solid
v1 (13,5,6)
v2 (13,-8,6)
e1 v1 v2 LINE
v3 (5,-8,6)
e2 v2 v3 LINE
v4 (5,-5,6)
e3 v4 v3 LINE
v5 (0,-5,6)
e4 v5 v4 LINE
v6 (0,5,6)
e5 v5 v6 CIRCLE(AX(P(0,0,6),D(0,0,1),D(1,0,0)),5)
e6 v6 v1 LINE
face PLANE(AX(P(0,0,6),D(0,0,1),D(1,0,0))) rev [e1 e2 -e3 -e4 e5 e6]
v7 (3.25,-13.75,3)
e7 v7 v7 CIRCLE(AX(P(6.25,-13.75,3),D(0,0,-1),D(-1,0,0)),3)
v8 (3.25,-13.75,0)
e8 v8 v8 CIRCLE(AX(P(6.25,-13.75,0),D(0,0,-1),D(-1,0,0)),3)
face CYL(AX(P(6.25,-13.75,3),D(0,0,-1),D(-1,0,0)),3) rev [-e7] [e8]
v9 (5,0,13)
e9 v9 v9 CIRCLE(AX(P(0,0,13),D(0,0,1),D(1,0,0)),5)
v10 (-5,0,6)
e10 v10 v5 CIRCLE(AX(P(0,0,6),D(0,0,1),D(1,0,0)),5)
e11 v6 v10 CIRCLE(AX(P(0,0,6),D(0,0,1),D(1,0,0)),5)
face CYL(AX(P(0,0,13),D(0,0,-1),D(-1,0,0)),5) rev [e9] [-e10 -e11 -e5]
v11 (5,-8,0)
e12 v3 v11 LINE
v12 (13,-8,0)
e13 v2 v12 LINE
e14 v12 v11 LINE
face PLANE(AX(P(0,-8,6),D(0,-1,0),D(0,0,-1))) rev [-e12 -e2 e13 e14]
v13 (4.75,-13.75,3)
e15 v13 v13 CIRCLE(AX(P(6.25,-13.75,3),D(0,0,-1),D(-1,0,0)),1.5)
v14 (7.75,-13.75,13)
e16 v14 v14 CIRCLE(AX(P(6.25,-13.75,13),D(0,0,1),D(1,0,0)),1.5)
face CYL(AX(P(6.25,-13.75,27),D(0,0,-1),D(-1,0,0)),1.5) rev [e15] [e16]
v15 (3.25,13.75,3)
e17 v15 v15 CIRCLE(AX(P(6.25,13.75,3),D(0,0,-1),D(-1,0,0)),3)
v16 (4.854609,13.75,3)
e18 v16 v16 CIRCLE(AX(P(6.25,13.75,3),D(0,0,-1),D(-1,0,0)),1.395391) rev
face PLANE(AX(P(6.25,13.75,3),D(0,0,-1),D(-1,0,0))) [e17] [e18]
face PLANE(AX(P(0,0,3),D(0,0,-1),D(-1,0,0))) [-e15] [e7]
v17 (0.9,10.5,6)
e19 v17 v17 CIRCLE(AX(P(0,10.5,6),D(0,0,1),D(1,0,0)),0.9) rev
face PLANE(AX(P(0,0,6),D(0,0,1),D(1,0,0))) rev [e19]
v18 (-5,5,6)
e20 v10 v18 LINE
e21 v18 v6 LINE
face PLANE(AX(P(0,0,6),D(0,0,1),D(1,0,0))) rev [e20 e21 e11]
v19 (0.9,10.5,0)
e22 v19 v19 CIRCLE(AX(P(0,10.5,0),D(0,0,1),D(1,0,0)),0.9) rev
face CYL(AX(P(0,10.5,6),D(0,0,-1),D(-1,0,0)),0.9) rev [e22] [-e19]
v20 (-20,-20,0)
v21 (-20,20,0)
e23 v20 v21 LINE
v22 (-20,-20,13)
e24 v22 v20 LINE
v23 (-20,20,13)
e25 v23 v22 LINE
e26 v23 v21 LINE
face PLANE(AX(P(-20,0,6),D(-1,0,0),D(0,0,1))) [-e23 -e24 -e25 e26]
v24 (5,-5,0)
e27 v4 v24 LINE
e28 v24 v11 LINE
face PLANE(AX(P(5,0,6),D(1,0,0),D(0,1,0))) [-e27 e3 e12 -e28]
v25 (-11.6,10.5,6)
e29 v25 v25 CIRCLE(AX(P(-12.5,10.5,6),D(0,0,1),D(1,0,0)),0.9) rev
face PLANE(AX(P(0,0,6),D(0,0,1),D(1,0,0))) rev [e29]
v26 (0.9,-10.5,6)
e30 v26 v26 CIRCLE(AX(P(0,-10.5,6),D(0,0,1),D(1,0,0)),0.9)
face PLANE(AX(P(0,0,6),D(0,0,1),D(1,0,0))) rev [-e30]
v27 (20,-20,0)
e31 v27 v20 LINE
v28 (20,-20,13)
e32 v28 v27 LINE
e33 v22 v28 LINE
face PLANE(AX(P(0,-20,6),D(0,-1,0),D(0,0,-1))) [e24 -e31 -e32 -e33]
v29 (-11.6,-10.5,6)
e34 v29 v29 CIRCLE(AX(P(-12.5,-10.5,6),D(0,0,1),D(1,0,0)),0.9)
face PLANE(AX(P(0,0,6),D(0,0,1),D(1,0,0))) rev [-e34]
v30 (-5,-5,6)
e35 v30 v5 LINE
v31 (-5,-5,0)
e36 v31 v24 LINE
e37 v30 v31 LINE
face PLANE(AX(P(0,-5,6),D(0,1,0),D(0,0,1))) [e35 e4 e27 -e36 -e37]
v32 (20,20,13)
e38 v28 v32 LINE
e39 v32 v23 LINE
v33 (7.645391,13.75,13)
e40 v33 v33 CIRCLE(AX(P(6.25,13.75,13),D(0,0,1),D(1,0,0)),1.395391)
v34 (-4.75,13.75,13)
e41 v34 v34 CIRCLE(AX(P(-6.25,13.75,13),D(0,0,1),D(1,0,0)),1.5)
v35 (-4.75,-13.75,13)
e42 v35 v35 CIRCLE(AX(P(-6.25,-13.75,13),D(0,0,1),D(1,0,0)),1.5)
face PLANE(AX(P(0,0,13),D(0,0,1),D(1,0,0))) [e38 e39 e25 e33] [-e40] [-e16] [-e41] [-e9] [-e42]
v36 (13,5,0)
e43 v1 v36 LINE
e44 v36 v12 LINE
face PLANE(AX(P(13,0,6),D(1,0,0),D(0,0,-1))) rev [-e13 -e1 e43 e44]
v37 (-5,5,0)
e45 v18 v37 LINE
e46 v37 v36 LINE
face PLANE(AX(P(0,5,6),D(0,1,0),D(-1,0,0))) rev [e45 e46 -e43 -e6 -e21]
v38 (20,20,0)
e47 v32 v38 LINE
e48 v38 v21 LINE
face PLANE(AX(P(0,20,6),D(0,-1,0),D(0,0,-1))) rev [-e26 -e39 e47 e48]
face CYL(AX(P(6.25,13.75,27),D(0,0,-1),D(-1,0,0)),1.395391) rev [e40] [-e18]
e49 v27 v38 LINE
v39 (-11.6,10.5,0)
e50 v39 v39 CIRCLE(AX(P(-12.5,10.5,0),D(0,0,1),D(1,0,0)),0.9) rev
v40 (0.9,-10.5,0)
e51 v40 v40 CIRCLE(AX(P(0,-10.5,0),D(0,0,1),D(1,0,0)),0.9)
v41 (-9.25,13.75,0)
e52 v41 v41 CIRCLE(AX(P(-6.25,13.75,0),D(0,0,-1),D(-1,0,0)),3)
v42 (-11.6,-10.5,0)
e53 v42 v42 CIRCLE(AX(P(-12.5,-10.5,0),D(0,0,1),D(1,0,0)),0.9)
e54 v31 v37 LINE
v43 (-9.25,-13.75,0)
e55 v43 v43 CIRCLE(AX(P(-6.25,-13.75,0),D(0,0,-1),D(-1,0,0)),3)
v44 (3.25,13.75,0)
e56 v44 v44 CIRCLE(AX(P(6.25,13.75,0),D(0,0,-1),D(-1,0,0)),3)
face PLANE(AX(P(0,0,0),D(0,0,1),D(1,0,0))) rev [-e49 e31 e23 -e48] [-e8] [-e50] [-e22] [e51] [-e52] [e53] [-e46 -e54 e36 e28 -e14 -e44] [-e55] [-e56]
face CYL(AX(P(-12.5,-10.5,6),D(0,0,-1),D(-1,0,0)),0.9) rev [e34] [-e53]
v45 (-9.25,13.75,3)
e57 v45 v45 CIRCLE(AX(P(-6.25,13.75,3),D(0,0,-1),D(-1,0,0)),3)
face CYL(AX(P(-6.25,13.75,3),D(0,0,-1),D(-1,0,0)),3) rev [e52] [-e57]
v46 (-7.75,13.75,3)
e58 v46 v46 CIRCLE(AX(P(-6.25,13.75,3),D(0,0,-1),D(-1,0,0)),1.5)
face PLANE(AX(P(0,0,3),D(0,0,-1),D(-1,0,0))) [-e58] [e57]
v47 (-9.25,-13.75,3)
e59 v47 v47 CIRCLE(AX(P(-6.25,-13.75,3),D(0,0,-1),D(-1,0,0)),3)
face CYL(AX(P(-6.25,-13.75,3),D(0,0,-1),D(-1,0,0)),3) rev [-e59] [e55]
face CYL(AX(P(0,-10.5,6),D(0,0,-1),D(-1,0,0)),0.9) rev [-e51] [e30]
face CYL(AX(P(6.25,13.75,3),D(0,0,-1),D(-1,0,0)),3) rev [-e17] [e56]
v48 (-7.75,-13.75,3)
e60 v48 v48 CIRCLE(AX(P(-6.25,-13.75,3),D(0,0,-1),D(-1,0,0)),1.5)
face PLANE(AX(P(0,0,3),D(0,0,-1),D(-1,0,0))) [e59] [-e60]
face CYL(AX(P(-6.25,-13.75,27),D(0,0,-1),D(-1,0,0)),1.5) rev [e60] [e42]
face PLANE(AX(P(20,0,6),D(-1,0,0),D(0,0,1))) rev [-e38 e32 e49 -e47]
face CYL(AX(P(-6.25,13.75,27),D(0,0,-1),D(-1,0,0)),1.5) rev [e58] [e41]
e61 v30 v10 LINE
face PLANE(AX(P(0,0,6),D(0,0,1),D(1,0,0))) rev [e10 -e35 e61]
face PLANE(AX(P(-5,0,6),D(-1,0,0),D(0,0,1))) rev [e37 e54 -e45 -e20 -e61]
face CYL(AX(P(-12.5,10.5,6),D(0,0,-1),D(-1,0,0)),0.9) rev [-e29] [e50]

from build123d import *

# Parameters (mm, degrees)
SKETCH1_W           = 40
SKETCH1_H           = 40
SKETCH1_R           = 0.9
BOSS_EXTRUDE1_DEPTH = 6
SKETCH11_W          = 40
SKETCH11_H          = 40
SKETCH11_R          = 5
BOSS_EXTRUDE6_DEPTH = 7
SKETCH13_R          = 1.5
SKETCH13_R_2        = 1.395390764
CUT_EXTRUDE5_DEPTH  = 27
SKETCH13_3_R        = 3
SKETCH13_3_R_2      = 1.5
CUT_EXTRUDE6_DEPTH  = 3


with BuildPart() as part:
    # Sketch1 → Boss-Extrude1 (new body)
    with BuildSketch(Plane(origin=(0, 0, 0), x_dir=(0, 1, 0), z_dir=(0, 0, 1))):
        Rectangle(SKETCH1_W, SKETCH1_H)
        Polygon((-5, -5), (-5, 5), (5, 5), (5, -5), (5, -13), (-5, -13), (-8, -13), (-8, -5), align=None, mode=Mode.SUBTRACT)
        with Locations((10.5, 0)):
            Circle(SKETCH1_R, mode=Mode.SUBTRACT)
        with Locations((-10.5, 0)):
            Circle(SKETCH1_R, mode=Mode.SUBTRACT)
        with Locations((-10.5, 12.5)):
            Circle(SKETCH1_R, mode=Mode.SUBTRACT)
        with Locations((10.5, 12.5)):
            Circle(SKETCH1_R, mode=Mode.SUBTRACT)
    extrude(amount=BOSS_EXTRUDE1_DEPTH)

    # Sketch11 → Boss-Extrude6 (add)
    with BuildSketch(Plane.XY.offset(6)):
        Rectangle(SKETCH11_W, SKETCH11_H)
        Circle(SKETCH11_R, mode=Mode.SUBTRACT)
    extrude(amount=BOSS_EXTRUDE6_DEPTH)

    # Sketch13 → Cut-Extrude5 (cut)
    with BuildSketch(Plane(origin=(0, 0, 0), x_dir=(1, 0, 0), z_dir=(0, 0, -1))):
        with Locations((-6.25, 13.75)):
            Circle(SKETCH13_R)
        with Locations((6.25, 13.75)):
            Circle(SKETCH13_R)
        with Locations((-6.25, -13.75)):
            Circle(SKETCH13_R)
        with Locations((6.25, -13.75)):
            Circle(SKETCH13_R_2)
    extrude(amount=-CUT_EXTRUDE5_DEPTH, mode=Mode.SUBTRACT)

    # Sketch13<3> → Cut-Extrude6 (cut)
    # profile 1 of 4: a face of its own
    with BuildSketch(Plane(origin=(0, 0, 0), x_dir=(1, 0, 0), z_dir=(0, 0, -1))):
        with Locations((6.25, -13.75)):
            Circle(SKETCH13_3_R)
    # profile 2 of 4: a face of its own
    with BuildSketch(Plane(origin=(0, 0, 0), x_dir=(1, 0, 0), z_dir=(0, 0, -1))):
        with Locations((-6.25, 13.75)):
            Circle(SKETCH13_3_R)
        with Locations((-6.25, 13.75)):
            Circle(SKETCH13_3_R_2, mode=Mode.SUBTRACT)
    # profile 3 of 4: a face of its own
    with BuildSketch(Plane(origin=(0, 0, 0), x_dir=(1, 0, 0), z_dir=(0, 0, -1))):
        with Locations((6.25, 13.75)):
            Circle(SKETCH13_3_R)
        with Locations((6.25, 13.75)):
            Circle(SKETCH13_3_R_2, mode=Mode.SUBTRACT)
    # profile 4 of 4: a face of its own
    with BuildSketch(Plane(origin=(0, 0, 0), x_dir=(1, 0, 0), z_dir=(0, 0, -1))):
        with Locations((-6.25, -13.75)):
            Circle(SKETCH13_3_R)
        with Locations((-6.25, -13.75)):
            Circle(SKETCH13_3_R_2, mode=Mode.SUBTRACT)
    extrude(amount=-CUT_EXTRUDE6_DEPTH, mode=Mode.SUBTRACT)


solid = part.part
